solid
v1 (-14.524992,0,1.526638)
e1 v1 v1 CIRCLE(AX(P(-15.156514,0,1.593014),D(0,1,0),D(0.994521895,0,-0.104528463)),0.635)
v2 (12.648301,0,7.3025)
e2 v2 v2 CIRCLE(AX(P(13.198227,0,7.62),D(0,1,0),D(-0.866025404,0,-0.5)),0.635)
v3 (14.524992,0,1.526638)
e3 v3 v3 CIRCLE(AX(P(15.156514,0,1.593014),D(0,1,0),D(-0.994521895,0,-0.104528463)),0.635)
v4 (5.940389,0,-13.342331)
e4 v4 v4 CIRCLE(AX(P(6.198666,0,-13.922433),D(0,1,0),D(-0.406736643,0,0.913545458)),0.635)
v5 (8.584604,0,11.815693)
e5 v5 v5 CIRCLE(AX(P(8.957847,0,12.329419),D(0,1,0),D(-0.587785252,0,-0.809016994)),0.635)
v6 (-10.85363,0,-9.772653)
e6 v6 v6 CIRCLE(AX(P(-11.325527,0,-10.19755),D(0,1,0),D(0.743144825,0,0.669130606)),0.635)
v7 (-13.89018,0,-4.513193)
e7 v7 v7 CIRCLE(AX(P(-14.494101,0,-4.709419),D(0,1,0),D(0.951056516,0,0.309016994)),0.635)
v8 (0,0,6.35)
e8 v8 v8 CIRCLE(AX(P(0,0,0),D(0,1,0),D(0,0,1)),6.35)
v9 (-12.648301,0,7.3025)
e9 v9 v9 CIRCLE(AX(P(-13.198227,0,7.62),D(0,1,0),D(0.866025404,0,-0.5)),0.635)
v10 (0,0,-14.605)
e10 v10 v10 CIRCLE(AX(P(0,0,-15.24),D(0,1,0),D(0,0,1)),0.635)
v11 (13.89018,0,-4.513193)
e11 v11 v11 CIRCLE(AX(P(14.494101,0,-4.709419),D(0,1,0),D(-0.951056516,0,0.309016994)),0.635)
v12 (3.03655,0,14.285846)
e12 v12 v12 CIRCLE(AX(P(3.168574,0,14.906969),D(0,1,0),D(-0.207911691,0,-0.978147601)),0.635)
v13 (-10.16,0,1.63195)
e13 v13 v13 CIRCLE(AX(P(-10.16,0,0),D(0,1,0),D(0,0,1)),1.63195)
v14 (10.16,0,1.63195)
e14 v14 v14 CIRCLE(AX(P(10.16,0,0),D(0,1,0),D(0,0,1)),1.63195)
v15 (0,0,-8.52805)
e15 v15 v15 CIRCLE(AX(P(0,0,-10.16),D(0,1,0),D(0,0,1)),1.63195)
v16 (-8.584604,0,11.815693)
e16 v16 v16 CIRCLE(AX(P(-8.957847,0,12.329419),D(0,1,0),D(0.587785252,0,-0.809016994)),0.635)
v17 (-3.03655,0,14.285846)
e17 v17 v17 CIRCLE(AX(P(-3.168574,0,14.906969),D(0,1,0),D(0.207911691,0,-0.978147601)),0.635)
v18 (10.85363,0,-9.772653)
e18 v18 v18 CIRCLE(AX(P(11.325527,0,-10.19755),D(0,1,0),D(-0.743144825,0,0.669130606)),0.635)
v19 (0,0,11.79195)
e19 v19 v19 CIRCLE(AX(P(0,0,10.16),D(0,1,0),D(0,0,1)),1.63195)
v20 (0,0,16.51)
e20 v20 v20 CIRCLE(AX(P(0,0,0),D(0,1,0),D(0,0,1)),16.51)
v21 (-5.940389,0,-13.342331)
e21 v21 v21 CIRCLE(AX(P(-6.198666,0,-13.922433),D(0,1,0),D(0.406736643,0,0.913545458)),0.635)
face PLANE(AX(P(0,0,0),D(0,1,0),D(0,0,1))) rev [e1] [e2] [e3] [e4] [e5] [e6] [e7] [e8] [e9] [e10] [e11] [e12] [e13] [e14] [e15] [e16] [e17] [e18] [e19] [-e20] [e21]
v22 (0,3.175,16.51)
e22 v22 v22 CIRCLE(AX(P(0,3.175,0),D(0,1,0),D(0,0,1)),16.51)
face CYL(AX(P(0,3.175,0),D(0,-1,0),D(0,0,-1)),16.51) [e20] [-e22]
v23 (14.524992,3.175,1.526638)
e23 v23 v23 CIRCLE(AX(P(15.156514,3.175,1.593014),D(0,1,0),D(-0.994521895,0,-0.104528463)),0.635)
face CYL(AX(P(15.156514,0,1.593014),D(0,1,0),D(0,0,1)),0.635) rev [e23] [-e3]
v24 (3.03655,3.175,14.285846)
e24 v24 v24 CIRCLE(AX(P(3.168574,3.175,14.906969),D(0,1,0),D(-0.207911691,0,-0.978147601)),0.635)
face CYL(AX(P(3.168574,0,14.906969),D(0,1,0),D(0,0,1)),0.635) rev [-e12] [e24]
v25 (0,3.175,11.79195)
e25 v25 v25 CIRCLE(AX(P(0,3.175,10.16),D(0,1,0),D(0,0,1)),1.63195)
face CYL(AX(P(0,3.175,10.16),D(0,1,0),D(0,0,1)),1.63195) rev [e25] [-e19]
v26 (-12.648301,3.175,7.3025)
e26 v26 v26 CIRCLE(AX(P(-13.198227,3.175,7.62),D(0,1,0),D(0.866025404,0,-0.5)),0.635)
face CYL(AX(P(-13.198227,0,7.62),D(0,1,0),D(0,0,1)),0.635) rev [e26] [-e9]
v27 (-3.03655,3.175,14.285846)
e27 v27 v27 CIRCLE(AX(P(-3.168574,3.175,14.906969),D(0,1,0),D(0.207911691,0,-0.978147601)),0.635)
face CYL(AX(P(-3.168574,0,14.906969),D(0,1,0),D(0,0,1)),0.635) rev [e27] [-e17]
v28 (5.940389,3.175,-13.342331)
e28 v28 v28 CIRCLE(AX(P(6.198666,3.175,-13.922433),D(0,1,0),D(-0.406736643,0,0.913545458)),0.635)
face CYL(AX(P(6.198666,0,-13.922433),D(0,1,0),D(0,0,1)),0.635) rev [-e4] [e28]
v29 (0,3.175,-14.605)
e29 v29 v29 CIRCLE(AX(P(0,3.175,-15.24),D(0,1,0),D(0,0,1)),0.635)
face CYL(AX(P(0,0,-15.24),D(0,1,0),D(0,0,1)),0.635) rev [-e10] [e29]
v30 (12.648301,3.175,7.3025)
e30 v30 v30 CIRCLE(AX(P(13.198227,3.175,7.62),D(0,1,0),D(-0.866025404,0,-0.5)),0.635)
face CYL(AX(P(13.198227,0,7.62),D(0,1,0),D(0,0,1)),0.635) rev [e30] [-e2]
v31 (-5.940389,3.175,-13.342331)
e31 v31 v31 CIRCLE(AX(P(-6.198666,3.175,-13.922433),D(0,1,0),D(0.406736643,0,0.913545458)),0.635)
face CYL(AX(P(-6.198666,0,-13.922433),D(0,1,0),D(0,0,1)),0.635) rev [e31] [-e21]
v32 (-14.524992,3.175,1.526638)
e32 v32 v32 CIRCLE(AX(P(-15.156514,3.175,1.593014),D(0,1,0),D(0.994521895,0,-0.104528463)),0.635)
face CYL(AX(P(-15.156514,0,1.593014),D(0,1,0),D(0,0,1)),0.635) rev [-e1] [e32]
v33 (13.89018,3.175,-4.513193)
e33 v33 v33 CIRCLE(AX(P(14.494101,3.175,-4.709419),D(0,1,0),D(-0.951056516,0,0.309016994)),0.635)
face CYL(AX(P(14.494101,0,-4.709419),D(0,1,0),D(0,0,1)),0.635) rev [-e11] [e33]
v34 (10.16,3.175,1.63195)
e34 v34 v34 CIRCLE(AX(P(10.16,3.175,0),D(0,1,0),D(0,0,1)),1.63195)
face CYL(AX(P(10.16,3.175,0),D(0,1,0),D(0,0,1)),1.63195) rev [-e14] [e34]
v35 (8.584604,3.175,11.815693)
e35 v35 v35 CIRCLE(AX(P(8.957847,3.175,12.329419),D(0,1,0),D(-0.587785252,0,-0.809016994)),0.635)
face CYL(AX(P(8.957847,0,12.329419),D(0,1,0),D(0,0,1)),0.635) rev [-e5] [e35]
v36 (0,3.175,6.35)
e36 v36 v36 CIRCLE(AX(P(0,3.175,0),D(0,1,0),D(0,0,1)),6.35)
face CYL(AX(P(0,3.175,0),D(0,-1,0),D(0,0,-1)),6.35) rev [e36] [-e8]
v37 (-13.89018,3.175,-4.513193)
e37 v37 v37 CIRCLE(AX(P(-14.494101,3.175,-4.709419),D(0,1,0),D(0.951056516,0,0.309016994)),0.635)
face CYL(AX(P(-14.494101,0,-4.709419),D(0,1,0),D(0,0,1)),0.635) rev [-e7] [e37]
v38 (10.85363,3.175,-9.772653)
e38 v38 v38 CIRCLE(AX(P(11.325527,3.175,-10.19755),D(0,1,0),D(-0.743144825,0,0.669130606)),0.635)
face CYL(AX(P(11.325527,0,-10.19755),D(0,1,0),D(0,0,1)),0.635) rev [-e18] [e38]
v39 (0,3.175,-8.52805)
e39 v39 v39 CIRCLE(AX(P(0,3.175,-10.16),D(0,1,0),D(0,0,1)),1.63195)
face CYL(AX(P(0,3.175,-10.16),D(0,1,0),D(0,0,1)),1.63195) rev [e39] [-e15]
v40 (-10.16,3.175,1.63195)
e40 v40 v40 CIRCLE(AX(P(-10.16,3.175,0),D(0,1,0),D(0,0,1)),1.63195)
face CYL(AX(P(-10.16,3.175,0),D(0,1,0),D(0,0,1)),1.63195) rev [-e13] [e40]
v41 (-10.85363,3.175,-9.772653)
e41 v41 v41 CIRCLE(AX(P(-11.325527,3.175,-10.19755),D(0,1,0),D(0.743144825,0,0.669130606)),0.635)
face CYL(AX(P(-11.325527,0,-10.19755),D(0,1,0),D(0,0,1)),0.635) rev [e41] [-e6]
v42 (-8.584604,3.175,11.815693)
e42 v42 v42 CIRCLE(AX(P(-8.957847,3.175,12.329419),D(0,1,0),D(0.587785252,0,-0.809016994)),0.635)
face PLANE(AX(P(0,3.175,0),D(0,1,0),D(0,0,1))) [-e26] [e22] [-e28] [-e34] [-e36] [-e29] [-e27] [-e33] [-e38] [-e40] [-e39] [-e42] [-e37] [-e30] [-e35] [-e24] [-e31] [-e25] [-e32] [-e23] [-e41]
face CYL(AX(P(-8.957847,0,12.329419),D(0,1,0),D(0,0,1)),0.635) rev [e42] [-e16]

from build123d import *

# Parameters (mm, degrees)
SKETCH1_R           = 16.51
SKETCH1_R_2         = 6.35
BOSS_EXTRUDE1_DEPTH = 3.175
CIRPATTERN1_COUNT   = 4
SKETCH4_R           = 0.635
CUT_EXTRUDE1_DEPTH  = 3.175
CIRPATTERN2_COUNT   = 15


with BuildPart() as part:
    # Sketch1 → Boss-Extrude1 (new body)
    with BuildSketch(Plane(origin=(0, 0, 0), x_dir=(1, 0, 0), z_dir=(0, 1, 0))):
        Circle(SKETCH1_R)
        Circle(SKETCH1_R_2, mode=Mode.SUBTRACT)
    extrude(amount=BOSS_EXTRUDE1_DEPTH)

    # Sketch2 → #4 Clearance Hole1 (revolve, cut)
    with BuildSketch(Plane(origin=(0, 3.175, -10.16), x_dir=(0, 0, 1), z_dir=(1, 0, 0))):
        Polygon((0, 0), (0, 11.140574487), (1.63195, 10.16), (1.63195, 0), align=None)
    f_4_clearance_hole1 = revolve(axis=Axis((0, 9.525, -10.16), (0, -1, 0)), mode=Mode.SUBTRACT)

    # CirPattern1: #4 Clearance Hole1 ×4 about axis
    cirpattern1_axis = Axis((0, 0, 0), (0, 1, 0))
    for i in range(1, CIRPATTERN1_COUNT):
        add(f_4_clearance_hole1.rotate(cirpattern1_axis, i * 360 / CIRPATTERN1_COUNT), mode=Mode.SUBTRACT)

    # Sketch4 → Cut-Extrude1 (cut)
    with BuildSketch(Plane(origin=(0, 3.175, 0), x_dir=(1, 0, 0), z_dir=(0, 1, 0))):
        with Locations((0, 15.24)):
            Circle(SKETCH4_R)
    cut_extrude1 = extrude(amount=-CUT_EXTRUDE1_DEPTH, mode=Mode.SUBTRACT)

    # CirPattern2: Cut-Extrude1 ×15 about axis
    cirpattern2_axis = Axis((0, 0, 0), (0, 1, 0))
    for i in range(1, CIRPATTERN2_COUNT):
        add(cut_extrude1.rotate(cirpattern2_axis, i * 360 / CIRPATTERN2_COUNT), mode=Mode.SUBTRACT)


solid = part.part
